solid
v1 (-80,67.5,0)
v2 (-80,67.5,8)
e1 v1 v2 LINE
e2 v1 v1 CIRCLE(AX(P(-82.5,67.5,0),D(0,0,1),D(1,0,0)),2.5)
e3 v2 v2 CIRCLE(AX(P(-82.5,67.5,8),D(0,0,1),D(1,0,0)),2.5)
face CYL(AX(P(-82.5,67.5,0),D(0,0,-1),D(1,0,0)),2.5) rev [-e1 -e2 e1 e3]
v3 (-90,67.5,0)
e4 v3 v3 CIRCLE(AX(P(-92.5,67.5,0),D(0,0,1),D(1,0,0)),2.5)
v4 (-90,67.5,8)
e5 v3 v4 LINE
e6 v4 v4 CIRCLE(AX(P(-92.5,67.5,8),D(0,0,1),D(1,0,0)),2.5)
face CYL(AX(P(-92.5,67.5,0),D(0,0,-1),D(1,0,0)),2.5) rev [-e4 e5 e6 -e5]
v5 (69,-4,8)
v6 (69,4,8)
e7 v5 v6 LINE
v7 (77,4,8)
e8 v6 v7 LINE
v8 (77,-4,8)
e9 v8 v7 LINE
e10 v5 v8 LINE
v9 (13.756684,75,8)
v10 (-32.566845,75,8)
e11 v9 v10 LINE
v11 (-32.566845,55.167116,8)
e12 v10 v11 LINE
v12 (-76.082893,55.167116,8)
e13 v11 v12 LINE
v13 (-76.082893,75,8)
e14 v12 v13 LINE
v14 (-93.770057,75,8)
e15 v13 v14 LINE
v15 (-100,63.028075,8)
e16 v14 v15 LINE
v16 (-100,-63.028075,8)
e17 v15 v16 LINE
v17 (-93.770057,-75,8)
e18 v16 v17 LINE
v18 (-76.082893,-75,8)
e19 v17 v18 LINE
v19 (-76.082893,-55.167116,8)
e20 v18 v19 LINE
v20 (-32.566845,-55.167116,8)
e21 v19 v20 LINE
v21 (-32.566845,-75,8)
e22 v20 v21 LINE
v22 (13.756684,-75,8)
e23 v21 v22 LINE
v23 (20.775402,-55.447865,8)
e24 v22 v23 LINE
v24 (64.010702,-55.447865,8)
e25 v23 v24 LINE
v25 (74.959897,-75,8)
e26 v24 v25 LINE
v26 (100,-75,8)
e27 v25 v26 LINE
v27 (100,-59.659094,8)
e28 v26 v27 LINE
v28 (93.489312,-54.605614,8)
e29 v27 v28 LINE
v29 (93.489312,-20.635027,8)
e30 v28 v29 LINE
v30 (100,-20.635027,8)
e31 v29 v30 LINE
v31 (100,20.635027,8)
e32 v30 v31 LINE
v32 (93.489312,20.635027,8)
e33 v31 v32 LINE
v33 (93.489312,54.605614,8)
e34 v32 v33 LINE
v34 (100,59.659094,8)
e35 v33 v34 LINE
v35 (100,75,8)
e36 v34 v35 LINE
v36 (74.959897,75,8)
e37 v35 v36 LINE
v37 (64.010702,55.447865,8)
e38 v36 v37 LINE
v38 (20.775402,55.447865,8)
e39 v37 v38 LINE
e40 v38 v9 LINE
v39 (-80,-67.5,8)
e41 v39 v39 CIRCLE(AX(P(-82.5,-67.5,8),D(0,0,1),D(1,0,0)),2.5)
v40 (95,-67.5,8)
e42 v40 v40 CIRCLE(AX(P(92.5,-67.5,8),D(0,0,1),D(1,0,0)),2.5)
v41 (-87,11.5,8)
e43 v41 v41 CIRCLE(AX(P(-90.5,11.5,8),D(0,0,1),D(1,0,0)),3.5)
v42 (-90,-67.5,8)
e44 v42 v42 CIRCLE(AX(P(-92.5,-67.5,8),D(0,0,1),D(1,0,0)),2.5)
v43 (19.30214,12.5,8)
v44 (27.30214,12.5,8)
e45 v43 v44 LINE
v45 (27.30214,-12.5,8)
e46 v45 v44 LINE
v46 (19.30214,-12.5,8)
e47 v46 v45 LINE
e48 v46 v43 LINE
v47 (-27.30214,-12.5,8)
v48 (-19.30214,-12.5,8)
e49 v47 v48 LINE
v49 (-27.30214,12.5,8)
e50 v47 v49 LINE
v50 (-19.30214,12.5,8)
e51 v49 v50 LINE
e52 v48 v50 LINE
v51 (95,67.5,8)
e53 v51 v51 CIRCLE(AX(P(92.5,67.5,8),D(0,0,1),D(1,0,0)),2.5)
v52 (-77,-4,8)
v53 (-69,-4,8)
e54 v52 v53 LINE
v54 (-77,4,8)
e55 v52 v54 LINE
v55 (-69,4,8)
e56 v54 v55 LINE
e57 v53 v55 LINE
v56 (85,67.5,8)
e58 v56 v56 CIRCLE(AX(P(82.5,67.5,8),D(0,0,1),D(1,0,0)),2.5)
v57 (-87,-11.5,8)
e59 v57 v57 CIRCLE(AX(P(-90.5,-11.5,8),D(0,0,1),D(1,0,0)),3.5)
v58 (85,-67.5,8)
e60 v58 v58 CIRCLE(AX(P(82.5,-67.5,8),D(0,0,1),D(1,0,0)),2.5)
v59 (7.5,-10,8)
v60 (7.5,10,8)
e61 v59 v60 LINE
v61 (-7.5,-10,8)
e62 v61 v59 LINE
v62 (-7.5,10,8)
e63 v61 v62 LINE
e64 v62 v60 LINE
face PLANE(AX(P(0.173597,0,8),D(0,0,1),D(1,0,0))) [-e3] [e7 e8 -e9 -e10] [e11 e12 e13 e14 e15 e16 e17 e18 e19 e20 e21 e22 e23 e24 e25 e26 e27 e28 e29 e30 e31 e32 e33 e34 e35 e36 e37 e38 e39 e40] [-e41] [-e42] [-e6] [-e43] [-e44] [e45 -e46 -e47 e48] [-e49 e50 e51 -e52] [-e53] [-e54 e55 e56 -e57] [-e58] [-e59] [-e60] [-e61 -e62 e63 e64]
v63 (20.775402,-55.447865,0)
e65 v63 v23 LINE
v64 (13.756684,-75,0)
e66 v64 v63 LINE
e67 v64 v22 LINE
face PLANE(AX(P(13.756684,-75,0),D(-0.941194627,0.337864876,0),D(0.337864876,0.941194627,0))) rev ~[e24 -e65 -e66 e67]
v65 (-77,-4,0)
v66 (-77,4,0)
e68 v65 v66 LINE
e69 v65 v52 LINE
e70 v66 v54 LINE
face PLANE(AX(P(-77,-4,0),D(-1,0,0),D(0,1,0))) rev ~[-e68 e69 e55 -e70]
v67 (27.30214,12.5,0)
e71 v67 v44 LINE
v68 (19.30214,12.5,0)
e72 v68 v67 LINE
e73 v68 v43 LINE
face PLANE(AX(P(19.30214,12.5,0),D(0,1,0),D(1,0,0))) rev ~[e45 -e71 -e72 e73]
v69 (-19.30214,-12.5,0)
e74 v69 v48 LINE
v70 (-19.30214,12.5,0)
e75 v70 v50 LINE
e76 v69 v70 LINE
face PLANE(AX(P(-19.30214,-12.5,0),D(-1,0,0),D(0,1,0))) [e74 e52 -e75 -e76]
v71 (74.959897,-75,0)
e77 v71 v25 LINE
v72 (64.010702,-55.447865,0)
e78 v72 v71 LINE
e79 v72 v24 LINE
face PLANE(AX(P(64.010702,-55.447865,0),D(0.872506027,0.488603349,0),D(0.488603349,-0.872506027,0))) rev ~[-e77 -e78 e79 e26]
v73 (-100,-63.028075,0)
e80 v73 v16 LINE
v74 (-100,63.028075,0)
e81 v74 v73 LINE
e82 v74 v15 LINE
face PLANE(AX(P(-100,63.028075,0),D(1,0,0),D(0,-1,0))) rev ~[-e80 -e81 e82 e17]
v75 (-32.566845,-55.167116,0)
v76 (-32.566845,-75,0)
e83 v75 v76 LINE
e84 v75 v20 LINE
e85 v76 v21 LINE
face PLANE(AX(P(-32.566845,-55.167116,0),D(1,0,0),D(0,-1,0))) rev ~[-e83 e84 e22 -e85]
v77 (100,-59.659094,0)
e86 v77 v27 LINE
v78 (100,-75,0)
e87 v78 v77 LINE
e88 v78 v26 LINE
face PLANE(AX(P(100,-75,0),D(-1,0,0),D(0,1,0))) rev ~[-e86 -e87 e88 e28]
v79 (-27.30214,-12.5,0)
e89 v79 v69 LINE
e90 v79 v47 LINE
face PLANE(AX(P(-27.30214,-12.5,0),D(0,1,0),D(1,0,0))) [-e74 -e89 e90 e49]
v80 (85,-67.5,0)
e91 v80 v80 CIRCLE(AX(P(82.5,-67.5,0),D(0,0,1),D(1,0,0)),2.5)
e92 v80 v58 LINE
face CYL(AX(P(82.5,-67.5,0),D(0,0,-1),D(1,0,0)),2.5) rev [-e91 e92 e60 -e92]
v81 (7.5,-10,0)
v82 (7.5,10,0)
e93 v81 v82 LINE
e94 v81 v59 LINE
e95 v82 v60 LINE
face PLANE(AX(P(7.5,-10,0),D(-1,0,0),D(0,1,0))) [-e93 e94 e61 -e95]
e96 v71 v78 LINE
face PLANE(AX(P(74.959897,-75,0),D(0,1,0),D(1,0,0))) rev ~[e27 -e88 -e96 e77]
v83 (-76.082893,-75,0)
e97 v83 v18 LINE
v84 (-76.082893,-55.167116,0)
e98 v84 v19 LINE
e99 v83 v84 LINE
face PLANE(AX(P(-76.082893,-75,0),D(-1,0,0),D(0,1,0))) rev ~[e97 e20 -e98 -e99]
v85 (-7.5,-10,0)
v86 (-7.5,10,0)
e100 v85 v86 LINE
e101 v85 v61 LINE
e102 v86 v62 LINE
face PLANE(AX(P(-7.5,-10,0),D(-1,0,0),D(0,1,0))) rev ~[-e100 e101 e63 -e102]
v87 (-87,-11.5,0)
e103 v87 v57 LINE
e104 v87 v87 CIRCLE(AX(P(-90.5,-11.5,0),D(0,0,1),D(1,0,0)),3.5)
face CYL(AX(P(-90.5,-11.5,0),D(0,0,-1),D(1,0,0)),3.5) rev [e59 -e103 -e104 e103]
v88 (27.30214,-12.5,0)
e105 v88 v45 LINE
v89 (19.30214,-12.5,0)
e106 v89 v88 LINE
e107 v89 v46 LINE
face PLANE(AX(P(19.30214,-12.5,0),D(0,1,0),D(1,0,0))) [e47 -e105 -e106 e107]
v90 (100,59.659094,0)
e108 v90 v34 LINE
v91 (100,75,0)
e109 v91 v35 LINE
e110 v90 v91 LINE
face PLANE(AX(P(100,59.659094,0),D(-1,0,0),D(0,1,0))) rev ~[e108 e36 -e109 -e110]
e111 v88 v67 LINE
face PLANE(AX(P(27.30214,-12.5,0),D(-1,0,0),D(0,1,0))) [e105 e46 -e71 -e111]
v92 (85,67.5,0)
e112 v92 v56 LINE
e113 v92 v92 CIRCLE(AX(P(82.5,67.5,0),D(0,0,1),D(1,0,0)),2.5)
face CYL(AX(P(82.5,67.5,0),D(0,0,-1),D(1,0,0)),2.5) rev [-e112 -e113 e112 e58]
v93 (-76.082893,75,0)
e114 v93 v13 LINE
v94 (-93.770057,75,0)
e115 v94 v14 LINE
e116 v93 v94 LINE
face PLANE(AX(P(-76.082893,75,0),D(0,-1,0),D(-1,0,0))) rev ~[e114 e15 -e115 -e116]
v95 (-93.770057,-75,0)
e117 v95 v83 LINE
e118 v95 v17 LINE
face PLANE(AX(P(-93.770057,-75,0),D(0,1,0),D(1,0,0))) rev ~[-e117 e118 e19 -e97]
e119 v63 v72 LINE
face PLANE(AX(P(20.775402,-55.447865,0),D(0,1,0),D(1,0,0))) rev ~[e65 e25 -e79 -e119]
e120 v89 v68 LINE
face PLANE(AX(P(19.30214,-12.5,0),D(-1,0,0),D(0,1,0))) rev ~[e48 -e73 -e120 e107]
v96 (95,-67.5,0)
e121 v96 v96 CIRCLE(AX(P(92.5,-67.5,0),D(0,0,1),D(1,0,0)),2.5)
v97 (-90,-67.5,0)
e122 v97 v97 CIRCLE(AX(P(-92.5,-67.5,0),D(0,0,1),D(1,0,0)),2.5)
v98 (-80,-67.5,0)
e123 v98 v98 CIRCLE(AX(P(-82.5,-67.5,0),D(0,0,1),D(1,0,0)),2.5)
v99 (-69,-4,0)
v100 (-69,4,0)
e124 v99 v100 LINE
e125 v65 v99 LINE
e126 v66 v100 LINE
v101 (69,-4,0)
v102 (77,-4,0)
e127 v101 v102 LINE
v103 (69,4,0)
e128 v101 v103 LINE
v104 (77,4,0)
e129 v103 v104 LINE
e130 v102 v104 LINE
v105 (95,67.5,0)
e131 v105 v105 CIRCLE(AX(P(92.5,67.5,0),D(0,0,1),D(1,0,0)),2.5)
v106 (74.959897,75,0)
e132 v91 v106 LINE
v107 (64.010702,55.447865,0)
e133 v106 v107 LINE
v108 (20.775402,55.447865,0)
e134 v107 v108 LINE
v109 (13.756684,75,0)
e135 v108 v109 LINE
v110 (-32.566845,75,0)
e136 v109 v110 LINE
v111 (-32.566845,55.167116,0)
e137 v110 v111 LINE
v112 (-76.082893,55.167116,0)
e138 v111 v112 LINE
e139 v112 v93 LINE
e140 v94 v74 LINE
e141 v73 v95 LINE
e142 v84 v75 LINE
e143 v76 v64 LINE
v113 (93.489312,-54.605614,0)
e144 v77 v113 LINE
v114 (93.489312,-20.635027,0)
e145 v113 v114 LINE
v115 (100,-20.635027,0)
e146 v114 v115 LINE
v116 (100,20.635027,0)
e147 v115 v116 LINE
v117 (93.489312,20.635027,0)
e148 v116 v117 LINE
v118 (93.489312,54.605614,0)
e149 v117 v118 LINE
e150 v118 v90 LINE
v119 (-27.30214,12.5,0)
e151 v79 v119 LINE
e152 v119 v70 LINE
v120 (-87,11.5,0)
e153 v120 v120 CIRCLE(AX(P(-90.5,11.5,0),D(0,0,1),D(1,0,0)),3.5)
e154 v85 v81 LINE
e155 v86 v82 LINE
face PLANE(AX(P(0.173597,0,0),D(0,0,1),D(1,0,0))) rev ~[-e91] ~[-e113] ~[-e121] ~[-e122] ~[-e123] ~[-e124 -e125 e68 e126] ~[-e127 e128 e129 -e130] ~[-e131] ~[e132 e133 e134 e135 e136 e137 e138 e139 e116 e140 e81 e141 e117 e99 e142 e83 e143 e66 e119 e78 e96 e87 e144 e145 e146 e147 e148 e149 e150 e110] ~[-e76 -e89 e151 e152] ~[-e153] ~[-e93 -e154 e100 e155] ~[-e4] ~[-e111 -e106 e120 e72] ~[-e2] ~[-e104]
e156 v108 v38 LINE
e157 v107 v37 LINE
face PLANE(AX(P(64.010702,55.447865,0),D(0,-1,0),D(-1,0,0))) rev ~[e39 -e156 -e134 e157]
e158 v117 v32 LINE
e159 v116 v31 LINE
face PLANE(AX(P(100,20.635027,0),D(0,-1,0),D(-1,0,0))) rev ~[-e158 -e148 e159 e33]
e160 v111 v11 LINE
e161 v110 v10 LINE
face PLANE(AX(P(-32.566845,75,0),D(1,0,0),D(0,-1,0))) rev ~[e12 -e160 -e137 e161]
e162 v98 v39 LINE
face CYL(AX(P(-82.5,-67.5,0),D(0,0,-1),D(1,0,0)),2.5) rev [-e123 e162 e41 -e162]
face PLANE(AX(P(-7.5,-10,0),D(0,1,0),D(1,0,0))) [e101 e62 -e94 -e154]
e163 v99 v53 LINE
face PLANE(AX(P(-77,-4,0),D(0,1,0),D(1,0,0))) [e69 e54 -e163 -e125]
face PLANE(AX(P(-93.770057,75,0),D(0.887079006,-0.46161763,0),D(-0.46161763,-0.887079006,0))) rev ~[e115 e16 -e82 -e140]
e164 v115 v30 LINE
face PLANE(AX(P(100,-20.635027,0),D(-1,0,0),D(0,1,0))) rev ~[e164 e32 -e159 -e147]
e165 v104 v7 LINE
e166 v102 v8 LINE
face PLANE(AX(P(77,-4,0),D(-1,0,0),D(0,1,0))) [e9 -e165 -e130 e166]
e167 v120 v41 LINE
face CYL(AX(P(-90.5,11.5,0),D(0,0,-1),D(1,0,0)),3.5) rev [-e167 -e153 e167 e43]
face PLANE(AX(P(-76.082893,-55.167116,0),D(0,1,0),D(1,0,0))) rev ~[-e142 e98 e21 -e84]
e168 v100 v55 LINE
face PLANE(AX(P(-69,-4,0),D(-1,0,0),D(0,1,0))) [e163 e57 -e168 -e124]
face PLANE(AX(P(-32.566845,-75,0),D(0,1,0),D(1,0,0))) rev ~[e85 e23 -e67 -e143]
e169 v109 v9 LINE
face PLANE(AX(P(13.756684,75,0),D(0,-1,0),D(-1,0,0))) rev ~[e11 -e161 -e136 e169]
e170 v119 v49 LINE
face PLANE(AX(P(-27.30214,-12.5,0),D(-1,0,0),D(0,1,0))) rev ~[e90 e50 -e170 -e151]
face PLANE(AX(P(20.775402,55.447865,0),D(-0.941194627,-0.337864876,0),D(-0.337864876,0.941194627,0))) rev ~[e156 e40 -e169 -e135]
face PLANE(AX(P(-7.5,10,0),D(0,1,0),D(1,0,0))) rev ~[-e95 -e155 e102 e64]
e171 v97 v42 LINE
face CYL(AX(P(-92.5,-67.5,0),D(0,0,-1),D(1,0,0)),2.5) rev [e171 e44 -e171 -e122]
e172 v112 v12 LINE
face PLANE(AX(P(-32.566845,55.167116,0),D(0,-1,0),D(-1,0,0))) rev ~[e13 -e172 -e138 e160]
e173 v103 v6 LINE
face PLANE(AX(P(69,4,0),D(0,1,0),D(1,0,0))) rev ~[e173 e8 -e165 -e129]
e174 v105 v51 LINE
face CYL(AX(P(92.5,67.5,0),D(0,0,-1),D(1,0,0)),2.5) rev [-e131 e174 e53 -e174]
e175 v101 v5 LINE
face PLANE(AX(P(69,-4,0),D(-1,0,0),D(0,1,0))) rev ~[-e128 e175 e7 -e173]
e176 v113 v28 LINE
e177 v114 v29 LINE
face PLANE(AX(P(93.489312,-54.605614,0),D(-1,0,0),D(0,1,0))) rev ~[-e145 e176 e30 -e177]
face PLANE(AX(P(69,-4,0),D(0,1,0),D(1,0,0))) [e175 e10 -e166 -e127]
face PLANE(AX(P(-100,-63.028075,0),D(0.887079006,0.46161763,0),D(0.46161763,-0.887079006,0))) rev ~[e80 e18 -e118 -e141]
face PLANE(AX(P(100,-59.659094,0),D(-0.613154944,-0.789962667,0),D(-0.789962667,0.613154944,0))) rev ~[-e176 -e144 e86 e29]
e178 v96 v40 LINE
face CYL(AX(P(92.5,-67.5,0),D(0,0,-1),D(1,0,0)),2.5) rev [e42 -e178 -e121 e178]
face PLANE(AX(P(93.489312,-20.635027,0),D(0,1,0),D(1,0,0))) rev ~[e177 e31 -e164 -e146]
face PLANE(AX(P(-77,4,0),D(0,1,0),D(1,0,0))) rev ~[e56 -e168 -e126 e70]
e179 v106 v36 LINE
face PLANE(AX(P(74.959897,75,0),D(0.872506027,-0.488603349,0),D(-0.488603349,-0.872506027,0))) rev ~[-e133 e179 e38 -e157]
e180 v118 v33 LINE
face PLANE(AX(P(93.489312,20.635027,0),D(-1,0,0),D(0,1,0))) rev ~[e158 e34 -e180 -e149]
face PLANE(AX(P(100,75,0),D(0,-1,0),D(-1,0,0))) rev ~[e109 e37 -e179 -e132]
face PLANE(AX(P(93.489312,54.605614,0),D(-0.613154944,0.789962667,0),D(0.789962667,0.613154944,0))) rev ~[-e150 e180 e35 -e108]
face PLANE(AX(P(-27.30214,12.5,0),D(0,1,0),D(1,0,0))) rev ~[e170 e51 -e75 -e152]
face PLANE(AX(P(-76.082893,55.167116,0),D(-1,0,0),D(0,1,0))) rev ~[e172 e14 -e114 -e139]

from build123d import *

# Parameters (mm, degrees)
F0_R     = 2.5
F0_R_2   = 3.5
F0_W     = 8
F0_H     = 8
F0_H_2   = 25
F0_W_2   = 15
F0_H_3   = 20
F1_DEPTH = 8


with BuildPart() as f1:
    # F0 (on Top) → F1 (new body)
    with BuildSketch(Plane.XY):
        Polygon((-76.082893, 75), (-93.770057, 75), (-100, 63.028075), (-100, -63.028075), (-93.770057, -75), (-76.082893, -75), (-76.082893, -55.167116), (-32.566845, -55.167116), (-32.566845, -75), (13.756684, -75), (20.775402, -55.447865), (64.010702, -55.447865), (74.959897, -75), (100, -75), (100, -59.659094), (93.489312, -54.605614), (93.489312, -20.635027), (100, -20.635027), (100, 20.635027), (93.489312, 20.635027), (93.489312, 54.605614), (100, 59.659094), (100, 75), (74.959897, 75), (64.010702, 55.447865), (20.775402, 55.447865), (13.756684, 75), (-32.566845, 75), (-32.566845, 55.167116), (-76.082893, 55.167116), align=None)
        with Locations((-92.5, -67.5)):
            Circle(F0_R, mode=Mode.SUBTRACT)
        with Locations((-82.5, -67.5)):
            Circle(F0_R, mode=Mode.SUBTRACT)
        with Locations((-90.5, -11.5)):
            Circle(F0_R_2, mode=Mode.SUBTRACT)
        with Locations((82.5, -67.5)):
            Circle(F0_R, mode=Mode.SUBTRACT)
        with Locations((92.5, -67.5)):
            Circle(F0_R, mode=Mode.SUBTRACT)
        with Locations((-90.5, 11.5)):
            Circle(F0_R_2, mode=Mode.SUBTRACT)
        with Locations((-73, 0)):
            Rectangle(F0_W, F0_H, mode=Mode.SUBTRACT)
        with Locations((-23.30214, 0)):
            Rectangle(F0_W, F0_H_2, mode=Mode.SUBTRACT)
        with Locations((-92.5, 67.5)):
            Circle(F0_R, mode=Mode.SUBTRACT)
        with Locations((-82.5, 67.5)):
            Circle(F0_R, mode=Mode.SUBTRACT)
        Rectangle(F0_W_2, F0_H_3, mode=Mode.SUBTRACT)
        with Locations((23.30214, 0)):
            Rectangle(F0_W, F0_H_2, mode=Mode.SUBTRACT)
        with Locations((73, 0)):
            Rectangle(F0_W, F0_H, mode=Mode.SUBTRACT)
        with Locations((82.5, 67.5)):
            Circle(F0_R, mode=Mode.SUBTRACT)
        with Locations((92.5, 67.5)):
            Circle(F0_R, mode=Mode.SUBTRACT)
    extrude(amount=F1_DEPTH)


solid = f1.part
